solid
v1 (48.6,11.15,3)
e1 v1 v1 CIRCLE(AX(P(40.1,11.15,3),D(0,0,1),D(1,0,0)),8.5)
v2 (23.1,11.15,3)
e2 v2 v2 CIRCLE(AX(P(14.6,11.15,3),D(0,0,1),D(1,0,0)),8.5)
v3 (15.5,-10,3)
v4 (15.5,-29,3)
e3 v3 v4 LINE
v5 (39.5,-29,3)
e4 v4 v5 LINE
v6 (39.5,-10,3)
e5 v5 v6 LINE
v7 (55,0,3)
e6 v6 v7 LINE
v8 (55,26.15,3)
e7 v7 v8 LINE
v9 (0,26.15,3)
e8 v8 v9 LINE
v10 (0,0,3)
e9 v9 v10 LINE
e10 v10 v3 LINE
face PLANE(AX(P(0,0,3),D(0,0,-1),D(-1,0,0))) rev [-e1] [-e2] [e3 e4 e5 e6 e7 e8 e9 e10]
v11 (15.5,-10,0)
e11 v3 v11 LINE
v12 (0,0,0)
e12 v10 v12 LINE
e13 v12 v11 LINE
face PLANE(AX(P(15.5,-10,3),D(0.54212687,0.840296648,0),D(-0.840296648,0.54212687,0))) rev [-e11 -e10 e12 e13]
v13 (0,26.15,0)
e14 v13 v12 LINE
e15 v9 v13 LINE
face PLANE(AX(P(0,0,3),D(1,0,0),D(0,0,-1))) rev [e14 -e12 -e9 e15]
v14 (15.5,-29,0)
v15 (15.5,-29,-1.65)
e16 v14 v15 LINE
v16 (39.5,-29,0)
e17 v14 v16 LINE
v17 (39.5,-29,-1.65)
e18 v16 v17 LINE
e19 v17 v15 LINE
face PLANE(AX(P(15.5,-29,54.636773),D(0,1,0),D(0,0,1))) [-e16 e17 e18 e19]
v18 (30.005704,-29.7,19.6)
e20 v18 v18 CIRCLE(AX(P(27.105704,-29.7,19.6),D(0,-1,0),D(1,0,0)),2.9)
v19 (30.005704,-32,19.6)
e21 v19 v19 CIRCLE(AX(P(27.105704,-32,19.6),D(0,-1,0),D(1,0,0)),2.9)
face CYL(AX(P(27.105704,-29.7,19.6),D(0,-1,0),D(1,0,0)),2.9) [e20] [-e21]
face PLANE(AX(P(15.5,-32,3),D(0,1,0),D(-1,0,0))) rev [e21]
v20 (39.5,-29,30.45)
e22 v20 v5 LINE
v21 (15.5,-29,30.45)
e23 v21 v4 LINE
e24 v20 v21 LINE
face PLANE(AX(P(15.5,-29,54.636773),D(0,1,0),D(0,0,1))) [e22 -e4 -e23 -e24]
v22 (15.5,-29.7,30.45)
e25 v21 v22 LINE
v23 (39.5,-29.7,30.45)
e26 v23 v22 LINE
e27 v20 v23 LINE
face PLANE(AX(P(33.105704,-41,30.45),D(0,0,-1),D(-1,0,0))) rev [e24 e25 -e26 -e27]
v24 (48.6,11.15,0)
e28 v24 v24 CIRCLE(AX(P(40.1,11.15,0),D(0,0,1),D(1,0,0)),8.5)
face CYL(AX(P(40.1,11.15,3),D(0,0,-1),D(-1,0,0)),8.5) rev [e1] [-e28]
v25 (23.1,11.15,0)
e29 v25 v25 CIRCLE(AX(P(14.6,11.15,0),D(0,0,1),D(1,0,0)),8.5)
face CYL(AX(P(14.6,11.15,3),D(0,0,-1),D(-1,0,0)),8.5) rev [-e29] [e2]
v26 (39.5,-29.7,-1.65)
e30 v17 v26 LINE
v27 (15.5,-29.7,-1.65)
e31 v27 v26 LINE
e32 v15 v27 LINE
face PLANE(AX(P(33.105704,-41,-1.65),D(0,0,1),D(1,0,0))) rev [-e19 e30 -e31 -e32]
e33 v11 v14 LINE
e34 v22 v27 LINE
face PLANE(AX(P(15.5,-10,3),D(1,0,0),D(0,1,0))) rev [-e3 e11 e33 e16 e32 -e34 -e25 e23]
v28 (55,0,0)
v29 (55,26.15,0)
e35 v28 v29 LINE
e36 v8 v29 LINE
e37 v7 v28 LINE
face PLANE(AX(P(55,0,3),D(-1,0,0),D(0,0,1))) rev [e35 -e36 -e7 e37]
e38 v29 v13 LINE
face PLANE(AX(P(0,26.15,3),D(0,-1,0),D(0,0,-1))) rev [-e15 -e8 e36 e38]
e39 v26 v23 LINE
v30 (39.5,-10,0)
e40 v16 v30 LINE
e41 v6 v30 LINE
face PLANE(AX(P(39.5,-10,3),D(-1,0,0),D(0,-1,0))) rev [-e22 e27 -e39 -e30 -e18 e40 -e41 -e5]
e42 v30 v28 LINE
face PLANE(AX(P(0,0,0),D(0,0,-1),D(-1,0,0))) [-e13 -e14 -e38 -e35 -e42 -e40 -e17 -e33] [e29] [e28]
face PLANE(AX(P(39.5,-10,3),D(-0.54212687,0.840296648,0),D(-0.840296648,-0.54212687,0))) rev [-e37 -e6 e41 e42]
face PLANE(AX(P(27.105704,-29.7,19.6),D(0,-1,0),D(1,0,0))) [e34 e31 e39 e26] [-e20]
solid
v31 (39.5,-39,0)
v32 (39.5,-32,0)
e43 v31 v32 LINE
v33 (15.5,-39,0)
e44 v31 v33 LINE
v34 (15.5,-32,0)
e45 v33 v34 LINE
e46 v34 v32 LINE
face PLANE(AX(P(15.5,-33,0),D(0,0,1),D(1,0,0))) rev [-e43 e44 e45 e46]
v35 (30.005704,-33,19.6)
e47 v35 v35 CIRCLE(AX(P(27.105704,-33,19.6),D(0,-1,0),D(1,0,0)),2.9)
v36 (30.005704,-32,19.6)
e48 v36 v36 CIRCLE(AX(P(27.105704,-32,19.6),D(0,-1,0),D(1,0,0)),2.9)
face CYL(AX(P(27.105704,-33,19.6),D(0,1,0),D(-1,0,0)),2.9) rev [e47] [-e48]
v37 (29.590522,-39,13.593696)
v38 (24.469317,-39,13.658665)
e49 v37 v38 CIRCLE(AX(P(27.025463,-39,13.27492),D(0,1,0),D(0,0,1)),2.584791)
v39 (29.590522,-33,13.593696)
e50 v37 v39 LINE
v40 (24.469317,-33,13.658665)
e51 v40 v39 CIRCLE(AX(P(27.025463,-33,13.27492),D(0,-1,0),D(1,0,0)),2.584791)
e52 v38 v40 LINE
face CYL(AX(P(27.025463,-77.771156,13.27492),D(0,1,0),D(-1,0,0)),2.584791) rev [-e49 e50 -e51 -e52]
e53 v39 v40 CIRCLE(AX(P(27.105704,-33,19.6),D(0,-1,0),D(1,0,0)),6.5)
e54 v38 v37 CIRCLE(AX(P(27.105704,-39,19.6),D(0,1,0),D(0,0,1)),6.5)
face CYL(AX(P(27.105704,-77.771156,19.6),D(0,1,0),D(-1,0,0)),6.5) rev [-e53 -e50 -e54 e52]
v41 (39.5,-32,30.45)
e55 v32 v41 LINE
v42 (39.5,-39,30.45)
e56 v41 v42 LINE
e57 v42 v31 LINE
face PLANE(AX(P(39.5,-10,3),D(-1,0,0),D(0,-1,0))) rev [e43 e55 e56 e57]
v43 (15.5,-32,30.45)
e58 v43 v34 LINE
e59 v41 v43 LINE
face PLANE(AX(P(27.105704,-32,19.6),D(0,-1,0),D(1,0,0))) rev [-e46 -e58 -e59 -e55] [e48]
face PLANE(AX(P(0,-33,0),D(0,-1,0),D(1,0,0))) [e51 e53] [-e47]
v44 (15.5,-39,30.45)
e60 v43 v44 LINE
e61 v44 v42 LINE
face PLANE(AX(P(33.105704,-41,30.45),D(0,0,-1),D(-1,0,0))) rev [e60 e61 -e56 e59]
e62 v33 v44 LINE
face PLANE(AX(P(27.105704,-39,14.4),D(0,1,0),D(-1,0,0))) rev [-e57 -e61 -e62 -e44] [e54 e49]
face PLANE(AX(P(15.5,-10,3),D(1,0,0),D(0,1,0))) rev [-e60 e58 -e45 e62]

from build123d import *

# Parameters (mm, degrees)
ESBO_O1_R                     = 8.5
RESSALTO_EXTRUS_O2_DEPTH      = 3
ESBO_O2_W                     = 24
ESBO_O2_H                     = 3
RESSALTO_EXTRUS_O4_DEPTH      = 27.45
RESSALTO_EXTRUS_O4_DEPTH_BACK = 4.65
SKETCH2_W                     = 24
SKETCH2_H                     = 30.45
SKETCH2_R                     = 2.9
BOSS_EXTRUDE2_DEPTH           = 1
SKETCH3_R                     = 34.517349884
SKETCH3_R_2                   = 2.9
CUT_EXTRUDE1_DEPTH            = 2.3
SKETCH4_W                     = 24
SKETCH4_H                     = 30.45
BOSS_EXTRUDE3_DEPTH           = 6


with BuildPart() as part:
    # Esboço1 → Ressalto-extrusão2 (new body)
    with BuildSketch(Plane.XY):
        Polygon((0, 0), (0, 26.15), (55, 26.15), (55, 0), (39.5, -10), (39.5, -32), (15.5, -32), (15.5, -10), align=None)
        with Locations((40.1, 11.15)):
            Circle(ESBO_O1_R, mode=Mode.SUBTRACT)
        with Locations((14.6, 11.15)):
            Circle(ESBO_O1_R, mode=Mode.SUBTRACT)
    extrude(amount=RESSALTO_EXTRUS_O2_DEPTH)

    # Esboço2 → Ressalto-extrusão4 (add, two sides)
    with BuildSketch(Plane.XY.offset(3)) as ressalto_extrus_o4_sk:
        with Locations((27.5, -30.5)):
            Rectangle(ESBO_O2_W, ESBO_O2_H)
    extrude(amount=RESSALTO_EXTRUS_O4_DEPTH)
    extrude(ressalto_extrus_o4_sk.sketch, amount=-RESSALTO_EXTRUS_O4_DEPTH_BACK)

    # Sketch2 → Boss-Extrude2 (add)
    with BuildSketch(Plane.XZ.offset(32)):
        with Locations((27.5, 15.225)):
            Rectangle(SKETCH2_W, SKETCH2_H)
        with Locations((27.105704389, 19.6)):
            Circle(SKETCH2_R, mode=Mode.SUBTRACT)
    extrude(amount=BOSS_EXTRUDE2_DEPTH)

    # Sketch3 → Cut-Extrude1 (cut)
    with BuildSketch(Plane.XZ.offset(32)):
        with Locations((27.105704389, 19.6)):
            Circle(SKETCH3_R)
        with Locations((27.105704389, 19.6)):
            Circle(SKETCH3_R_2, mode=Mode.SUBTRACT)
    extrude(amount=-CUT_EXTRUDE1_DEPTH, mode=Mode.SUBTRACT)

    # Sketch4 → Boss-Extrude3 (add)
    with BuildSketch(Plane.XZ.offset(33)):
        with Locations((27.5, 15.225)):
            Rectangle(SKETCH4_W, SKETCH4_H)
        with BuildLine():
            ThreePointArc((29.590521878, 13.593696474), (27.188158144, 26.099477008), (24.469316606, 13.658665179))
            ThreePointArc((24.469316606, 13.658665179), (26.992674503, 10.69033729), (29.590521878, 13.593696474))
        make_face(mode=Mode.SUBTRACT)
    extrude(amount=BOSS_EXTRUDE3_DEPTH)


solid = part.part
